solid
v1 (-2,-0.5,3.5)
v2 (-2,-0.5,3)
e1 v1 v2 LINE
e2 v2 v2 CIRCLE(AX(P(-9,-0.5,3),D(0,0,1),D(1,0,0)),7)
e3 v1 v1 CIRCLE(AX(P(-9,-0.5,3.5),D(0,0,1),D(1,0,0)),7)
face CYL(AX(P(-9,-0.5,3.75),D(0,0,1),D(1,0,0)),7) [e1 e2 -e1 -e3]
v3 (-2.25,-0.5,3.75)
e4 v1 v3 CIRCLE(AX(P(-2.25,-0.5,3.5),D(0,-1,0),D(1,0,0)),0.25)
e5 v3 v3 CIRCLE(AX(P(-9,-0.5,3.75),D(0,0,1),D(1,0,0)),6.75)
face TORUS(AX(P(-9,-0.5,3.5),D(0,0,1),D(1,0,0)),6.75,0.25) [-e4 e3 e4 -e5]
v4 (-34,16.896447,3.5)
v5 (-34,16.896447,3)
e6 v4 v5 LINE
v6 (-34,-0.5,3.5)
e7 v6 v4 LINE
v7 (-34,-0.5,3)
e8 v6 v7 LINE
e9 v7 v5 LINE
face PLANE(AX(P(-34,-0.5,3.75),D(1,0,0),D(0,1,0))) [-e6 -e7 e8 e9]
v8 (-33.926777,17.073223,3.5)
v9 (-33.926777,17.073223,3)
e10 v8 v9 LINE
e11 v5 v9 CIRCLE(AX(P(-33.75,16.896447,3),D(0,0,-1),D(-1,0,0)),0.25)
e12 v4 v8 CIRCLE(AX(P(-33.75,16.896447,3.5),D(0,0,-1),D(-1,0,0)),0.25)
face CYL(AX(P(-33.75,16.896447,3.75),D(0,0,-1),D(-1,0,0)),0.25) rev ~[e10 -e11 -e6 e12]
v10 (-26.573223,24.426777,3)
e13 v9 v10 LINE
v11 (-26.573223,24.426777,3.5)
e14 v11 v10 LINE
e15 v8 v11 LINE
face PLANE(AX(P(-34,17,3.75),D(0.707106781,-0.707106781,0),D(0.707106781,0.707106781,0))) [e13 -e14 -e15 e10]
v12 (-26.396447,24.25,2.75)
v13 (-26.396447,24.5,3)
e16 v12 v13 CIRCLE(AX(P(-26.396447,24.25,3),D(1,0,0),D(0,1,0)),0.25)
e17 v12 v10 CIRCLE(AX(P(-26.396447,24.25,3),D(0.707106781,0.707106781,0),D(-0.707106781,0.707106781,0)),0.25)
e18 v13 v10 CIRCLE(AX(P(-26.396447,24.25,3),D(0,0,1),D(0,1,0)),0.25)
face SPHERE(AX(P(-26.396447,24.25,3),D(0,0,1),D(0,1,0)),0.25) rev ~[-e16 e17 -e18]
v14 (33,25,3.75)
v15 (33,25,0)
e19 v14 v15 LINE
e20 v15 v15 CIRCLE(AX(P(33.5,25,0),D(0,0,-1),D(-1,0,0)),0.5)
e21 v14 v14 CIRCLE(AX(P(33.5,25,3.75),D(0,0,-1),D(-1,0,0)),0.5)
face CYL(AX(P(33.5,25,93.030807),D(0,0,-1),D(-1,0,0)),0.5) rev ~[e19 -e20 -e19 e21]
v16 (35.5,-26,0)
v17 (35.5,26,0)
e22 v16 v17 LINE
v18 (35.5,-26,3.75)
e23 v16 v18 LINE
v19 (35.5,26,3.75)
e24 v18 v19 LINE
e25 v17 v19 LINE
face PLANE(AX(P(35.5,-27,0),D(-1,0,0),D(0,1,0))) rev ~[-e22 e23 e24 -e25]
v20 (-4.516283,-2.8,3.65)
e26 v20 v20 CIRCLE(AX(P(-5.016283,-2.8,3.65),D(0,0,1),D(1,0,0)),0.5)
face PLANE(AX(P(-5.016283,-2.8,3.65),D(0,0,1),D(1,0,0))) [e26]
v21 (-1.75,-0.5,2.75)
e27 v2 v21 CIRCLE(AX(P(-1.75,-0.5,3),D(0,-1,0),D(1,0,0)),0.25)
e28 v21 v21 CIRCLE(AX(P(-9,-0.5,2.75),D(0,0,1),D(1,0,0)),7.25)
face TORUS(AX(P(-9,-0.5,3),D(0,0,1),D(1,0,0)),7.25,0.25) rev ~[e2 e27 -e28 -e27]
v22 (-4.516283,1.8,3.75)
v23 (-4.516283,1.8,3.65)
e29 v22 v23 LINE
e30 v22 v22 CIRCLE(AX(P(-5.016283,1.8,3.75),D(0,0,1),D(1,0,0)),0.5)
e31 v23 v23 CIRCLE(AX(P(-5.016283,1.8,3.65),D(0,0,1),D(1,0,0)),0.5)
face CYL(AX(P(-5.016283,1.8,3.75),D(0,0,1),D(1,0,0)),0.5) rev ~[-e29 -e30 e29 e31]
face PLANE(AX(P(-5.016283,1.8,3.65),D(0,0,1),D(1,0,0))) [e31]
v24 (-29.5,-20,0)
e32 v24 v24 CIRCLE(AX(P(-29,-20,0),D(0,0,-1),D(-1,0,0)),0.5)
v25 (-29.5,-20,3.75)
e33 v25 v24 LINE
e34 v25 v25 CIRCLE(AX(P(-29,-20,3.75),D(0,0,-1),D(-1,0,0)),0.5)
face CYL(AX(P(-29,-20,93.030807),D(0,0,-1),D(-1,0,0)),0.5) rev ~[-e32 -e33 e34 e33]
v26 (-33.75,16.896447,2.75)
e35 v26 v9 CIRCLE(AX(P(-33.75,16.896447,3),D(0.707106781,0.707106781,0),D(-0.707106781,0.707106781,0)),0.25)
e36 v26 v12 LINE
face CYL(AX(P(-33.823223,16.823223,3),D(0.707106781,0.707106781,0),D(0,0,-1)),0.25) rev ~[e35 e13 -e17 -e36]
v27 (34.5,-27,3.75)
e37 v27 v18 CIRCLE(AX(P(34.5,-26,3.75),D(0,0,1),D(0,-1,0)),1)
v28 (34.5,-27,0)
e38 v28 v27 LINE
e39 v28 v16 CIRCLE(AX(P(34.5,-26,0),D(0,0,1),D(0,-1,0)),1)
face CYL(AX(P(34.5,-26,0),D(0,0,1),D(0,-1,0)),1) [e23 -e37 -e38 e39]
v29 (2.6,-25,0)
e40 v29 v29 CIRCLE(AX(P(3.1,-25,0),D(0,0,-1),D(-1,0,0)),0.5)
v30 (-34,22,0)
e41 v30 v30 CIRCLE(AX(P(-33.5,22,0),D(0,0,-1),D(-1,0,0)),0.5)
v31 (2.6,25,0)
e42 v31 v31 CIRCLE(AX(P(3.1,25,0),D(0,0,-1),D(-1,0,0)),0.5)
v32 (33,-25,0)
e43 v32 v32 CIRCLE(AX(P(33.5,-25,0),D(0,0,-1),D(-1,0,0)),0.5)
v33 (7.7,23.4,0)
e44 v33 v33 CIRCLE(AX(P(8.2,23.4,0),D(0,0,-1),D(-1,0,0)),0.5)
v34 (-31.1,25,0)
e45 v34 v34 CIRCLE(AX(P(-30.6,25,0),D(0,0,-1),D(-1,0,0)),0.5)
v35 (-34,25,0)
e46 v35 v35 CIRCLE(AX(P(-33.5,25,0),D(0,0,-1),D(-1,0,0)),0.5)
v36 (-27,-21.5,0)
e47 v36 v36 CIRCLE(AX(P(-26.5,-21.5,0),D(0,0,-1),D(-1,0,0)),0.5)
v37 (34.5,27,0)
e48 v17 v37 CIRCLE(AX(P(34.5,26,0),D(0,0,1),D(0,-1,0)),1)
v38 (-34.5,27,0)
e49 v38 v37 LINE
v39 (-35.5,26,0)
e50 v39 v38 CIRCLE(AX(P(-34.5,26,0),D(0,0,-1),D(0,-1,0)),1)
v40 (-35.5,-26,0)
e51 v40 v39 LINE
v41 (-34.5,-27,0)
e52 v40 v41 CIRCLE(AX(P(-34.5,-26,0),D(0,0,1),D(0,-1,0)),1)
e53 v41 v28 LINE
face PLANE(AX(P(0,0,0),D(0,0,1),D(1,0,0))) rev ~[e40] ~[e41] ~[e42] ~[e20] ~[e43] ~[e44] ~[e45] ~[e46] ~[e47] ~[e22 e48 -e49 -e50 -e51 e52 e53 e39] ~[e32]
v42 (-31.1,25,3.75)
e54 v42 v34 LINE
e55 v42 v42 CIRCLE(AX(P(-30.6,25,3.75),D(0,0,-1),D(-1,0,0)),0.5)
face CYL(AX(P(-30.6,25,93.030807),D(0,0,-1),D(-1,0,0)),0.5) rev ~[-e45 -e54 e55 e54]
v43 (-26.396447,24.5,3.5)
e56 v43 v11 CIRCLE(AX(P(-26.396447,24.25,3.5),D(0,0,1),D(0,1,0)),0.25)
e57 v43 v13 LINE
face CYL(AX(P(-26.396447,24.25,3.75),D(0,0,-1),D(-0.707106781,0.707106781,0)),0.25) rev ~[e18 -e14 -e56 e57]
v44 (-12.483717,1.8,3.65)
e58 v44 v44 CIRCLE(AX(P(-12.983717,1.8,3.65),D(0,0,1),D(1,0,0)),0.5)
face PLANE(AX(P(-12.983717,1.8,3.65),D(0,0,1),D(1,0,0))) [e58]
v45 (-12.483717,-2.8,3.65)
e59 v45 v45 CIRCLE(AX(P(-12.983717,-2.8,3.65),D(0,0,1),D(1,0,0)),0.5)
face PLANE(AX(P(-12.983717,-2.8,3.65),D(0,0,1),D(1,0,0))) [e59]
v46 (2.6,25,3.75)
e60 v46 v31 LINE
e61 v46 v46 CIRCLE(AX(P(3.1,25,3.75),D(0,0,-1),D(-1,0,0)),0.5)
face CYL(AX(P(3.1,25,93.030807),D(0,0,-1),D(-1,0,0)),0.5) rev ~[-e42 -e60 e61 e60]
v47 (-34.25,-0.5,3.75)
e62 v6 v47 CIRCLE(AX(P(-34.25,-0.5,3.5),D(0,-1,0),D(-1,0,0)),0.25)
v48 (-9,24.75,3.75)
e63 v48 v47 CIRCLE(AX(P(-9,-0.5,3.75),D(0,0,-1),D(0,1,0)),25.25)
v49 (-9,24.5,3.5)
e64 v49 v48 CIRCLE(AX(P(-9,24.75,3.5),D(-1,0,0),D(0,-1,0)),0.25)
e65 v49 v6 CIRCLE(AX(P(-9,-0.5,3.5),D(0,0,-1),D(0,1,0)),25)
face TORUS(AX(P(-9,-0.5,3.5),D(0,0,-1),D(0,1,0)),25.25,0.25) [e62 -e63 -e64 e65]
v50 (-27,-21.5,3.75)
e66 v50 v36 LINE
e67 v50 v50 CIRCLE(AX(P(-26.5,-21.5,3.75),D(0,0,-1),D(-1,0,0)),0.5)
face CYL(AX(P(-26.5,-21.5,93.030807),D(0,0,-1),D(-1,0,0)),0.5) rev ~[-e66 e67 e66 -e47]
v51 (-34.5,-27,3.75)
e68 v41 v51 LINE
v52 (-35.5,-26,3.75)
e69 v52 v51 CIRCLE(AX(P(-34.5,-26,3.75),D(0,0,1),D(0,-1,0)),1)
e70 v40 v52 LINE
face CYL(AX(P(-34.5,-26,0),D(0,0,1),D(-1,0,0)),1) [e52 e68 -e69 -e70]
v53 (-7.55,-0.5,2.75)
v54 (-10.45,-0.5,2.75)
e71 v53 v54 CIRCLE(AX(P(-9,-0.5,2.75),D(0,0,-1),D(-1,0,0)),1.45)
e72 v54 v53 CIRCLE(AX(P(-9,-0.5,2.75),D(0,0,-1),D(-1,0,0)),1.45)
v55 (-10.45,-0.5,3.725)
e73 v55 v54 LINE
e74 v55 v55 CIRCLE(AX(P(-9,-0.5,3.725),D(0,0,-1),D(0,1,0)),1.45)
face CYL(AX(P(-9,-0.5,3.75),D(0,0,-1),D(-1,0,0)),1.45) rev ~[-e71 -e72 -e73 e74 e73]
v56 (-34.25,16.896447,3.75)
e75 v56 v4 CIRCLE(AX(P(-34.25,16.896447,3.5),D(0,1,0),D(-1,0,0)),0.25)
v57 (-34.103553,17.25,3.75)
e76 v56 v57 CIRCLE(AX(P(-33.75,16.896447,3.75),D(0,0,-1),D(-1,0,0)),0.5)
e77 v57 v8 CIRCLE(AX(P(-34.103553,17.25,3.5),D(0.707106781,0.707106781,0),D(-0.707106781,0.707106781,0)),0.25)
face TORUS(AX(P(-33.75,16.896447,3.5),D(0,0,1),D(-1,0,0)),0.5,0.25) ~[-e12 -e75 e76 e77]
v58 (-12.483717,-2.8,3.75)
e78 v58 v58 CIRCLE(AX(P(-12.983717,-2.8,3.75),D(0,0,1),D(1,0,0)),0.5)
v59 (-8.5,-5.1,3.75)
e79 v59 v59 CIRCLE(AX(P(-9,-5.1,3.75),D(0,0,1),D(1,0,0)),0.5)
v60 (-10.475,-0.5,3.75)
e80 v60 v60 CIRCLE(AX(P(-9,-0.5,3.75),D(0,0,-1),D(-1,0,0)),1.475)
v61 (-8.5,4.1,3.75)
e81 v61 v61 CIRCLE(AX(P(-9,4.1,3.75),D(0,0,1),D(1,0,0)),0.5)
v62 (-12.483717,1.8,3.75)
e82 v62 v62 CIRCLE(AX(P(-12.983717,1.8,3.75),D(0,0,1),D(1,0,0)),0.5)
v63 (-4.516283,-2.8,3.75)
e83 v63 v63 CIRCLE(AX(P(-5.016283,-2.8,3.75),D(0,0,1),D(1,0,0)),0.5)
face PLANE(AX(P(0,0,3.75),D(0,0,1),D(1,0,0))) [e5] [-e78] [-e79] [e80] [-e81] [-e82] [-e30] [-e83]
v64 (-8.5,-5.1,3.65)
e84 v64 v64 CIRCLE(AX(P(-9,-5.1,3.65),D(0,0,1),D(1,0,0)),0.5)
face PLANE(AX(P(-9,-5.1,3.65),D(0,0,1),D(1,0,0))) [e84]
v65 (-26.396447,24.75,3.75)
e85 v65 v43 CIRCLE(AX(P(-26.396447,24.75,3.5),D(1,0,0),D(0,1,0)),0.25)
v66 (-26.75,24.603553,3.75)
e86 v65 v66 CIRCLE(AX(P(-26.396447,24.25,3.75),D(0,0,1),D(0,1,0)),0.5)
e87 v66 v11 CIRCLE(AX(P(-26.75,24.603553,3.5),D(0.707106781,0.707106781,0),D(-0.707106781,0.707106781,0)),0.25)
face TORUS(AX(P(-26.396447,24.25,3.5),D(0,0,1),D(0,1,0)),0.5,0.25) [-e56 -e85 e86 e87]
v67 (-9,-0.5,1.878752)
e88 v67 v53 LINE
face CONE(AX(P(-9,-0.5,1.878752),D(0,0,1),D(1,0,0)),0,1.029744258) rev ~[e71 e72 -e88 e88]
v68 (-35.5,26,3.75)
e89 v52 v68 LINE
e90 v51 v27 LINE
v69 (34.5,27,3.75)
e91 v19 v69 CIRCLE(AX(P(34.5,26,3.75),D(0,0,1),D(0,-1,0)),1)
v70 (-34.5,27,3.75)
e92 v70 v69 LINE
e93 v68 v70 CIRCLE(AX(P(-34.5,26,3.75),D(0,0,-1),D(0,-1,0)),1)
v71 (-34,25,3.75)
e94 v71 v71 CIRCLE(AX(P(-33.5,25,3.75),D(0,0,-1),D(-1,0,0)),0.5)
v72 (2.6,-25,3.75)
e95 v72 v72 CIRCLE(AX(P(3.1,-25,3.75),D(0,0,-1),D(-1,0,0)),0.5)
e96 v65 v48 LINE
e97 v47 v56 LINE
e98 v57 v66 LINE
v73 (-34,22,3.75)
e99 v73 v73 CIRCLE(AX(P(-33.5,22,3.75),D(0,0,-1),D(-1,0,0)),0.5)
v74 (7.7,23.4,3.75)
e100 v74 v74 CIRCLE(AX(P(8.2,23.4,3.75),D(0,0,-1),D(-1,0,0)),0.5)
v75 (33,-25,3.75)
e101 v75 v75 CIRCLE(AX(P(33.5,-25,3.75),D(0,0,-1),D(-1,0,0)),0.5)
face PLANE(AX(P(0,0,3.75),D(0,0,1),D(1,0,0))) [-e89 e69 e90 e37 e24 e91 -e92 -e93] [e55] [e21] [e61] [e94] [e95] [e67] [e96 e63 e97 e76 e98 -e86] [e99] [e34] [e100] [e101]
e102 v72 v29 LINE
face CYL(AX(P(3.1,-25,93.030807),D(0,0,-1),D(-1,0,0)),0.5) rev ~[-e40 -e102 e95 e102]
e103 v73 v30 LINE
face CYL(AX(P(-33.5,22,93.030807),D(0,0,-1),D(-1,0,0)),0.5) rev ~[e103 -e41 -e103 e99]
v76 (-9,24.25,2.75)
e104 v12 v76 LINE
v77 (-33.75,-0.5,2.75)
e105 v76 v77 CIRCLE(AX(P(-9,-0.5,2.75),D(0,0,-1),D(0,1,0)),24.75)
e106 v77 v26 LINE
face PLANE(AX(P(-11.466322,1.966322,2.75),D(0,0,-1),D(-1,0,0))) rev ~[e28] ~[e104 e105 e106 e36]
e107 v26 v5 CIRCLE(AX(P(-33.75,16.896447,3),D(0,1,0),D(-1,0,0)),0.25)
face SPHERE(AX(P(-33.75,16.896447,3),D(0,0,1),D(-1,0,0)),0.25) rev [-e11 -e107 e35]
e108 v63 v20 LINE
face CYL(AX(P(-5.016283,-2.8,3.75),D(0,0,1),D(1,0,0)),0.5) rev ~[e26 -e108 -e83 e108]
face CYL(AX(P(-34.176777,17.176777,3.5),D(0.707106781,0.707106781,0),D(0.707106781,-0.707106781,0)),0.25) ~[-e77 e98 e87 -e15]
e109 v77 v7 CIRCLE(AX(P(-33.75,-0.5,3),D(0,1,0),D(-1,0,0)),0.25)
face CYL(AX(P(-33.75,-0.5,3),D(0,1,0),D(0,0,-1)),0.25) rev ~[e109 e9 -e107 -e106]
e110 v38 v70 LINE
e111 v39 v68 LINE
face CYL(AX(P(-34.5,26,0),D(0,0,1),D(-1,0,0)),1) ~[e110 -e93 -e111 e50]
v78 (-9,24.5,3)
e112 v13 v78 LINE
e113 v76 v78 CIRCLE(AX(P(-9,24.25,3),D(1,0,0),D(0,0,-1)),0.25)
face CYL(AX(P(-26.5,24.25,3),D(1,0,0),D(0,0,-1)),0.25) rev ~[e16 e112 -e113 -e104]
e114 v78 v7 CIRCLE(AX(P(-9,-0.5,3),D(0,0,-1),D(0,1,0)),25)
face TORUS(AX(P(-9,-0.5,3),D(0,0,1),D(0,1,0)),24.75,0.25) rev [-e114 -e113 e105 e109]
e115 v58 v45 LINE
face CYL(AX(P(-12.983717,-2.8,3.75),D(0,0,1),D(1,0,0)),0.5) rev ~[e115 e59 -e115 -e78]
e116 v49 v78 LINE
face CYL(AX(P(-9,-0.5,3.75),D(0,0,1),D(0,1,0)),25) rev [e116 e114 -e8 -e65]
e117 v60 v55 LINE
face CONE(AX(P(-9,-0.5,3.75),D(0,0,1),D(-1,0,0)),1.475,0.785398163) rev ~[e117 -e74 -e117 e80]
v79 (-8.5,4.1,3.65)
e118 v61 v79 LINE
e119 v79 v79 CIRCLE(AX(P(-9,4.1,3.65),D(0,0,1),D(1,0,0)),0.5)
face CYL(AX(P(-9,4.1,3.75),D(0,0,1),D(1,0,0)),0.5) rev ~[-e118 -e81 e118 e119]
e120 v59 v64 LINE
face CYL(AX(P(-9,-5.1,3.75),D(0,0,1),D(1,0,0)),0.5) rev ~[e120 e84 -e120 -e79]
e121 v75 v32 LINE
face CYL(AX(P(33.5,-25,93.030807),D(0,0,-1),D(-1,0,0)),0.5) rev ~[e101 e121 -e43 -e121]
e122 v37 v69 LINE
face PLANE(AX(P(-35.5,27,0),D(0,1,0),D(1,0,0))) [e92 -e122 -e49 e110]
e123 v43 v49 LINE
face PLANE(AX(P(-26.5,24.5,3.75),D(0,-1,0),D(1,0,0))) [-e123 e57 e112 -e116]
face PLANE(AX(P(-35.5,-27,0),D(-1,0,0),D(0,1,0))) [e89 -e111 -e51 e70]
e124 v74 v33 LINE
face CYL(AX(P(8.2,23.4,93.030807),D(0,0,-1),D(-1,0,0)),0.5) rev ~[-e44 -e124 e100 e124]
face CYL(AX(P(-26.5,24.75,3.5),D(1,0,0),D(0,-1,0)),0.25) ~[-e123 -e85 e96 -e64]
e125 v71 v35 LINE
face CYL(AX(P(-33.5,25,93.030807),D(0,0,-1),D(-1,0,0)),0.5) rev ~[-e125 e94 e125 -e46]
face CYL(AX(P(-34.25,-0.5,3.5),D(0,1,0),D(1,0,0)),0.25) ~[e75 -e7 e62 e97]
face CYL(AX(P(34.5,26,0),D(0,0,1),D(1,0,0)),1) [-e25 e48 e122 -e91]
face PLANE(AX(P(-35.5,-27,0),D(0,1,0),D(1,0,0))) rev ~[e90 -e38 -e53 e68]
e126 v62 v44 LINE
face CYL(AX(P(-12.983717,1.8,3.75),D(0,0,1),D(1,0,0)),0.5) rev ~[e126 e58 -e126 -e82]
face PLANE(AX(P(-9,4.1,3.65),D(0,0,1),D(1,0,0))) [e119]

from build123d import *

# Parameters (mm, degrees)
SKETCH1_W                        = 71
SKETCH1_H                        = 54
BOSS_EXTRUDE1_DEPTH              = 3.75
FILLET1_R                        = 1
SKETCH2_R                        = 7
CUT_EXTRUDE1_DEPTH               = 1
FILLET2_R                        = 0.25
SKETCH3_R                        = 0.5
CUT_EXTRUDE2_DEPTH               = 0.1
FILLET3_R                        = 0.25
M2_5_CLEARANCE_HOLE1_D           = 2.9
M2_5_CLEARANCE_HOLE1_DEPTH       = 1
M2_5_CLEARANCE_HOLE1_CSINK_D     = 2.95
M2_5_CLEARANCE_HOLE1_CSINK_ANGLE = 90
M2_5_CLEARANCE_HOLE1_TIP         = 0.871247898
M1_6_CLEARANCE_HOLE1_D           = 1


with BuildPart() as part:
    # Sketch1 → Boss-Extrude1 (new body)
    with BuildSketch(Plane.XY):
        Rectangle(SKETCH1_W, SKETCH1_H)
    extrude(amount=BOSS_EXTRUDE1_DEPTH)

    # Fillet1
    fillet1_edges = [part.edges().sort_by_distance(p)[0] for p in [
        (35.5, -27, 1.875),
        (-35.5, -27, 1.875),
        (-35.5, 27, 1.875),
        (35.5, 27, 1.875),
    ]]
    fillet(fillet1_edges, radius=FILLET1_R)

    # Sketch2 → Cut-Extrude1 (cut)
    with BuildSketch(Plane.XY.offset(3.75)):
        with BuildLine():
            Line((-34, -0.5), (-34, 17))
            Line((-34, 17), (-26.5, 24.5))
            Line((-26.5, 24.5), (-9, 24.5))
            ThreePointArc((-9, 24.5), (8.67766953, -18.17766953), (-34, -0.5))
        make_face()
        with Locations((-9, -0.5)):
            Circle(SKETCH2_R, mode=Mode.SUBTRACT)
    extrude(amount=-CUT_EXTRUDE1_DEPTH, mode=Mode.SUBTRACT)

    # Fillet2
    fillet2_edges = [part.edges().sort_by_distance(p)[0] for p in [
        (-16, -0.5, 3.75),
    ]]
    fillet(fillet2_edges, radius=FILLET2_R)

    # Sketch3 → Cut-Extrude2 (cut)
    with BuildSketch(Plane.XY.offset(3.75)):
        with Locations((-9, 4.1)):
            Circle(SKETCH3_R)
        with Locations((-12.983716857, 1.8)):
            Circle(SKETCH3_R)
        with Locations((-12.983716857, -2.8)):
            Circle(SKETCH3_R)
        with Locations((-9, -5.1)):
            Circle(SKETCH3_R)
        with Locations((-5.016283143, -2.8)):
            Circle(SKETCH3_R)
        with Locations((-5.016283143, 1.8)):
            Circle(SKETCH3_R)
    extrude(amount=-CUT_EXTRUDE2_DEPTH, mode=Mode.SUBTRACT)

    # Fillet3
    fillet3_edges = [part.edges().sort_by_distance(p)[0] for p in [
        (8.67766953, -18.17766953, 2.75),
        (-34, 8.25, 2.75),
        (-30.25, 20.75, 2.75),
        (-34, 17, 3.25),
        (-17.75, 24.5, 2.75),
        (-26.5, 24.5, 3.25),
        (-16, -0.5, 2.75),
        (8.67766953, -18.17766953, 3.75),
        (-17.75, 24.5, 3.75),
        (-30.25, 20.75, 3.75),
        (-34, 8.25, 3.75),
    ]]
    fillet(fillet3_edges, radius=FILLET3_R)

    # M2.5 Clearance Hole1
    with Locations(Plane.XY.offset(3.75)):
        with Locations((-9, -0.5)):
            CounterSinkHole(M2_5_CLEARANCE_HOLE1_D / 2, M2_5_CLEARANCE_HOLE1_CSINK_D / 2, depth=M2_5_CLEARANCE_HOLE1_DEPTH, counter_sink_angle=M2_5_CLEARANCE_HOLE1_CSINK_ANGLE)
            with Locations((0, 0, -(M2_5_CLEARANCE_HOLE1_DEPTH + M2_5_CLEARANCE_HOLE1_TIP / 2))):  # 118° drill point
                Cone(0, M2_5_CLEARANCE_HOLE1_D / 2, M2_5_CLEARANCE_HOLE1_TIP, mode=Mode.SUBTRACT)

    # M1.6 Clearance Hole1 (through all)
    with Locations(Plane.XY.offset(3.75)):
        with Locations((-169.780661566, 67.45785255), (-33.5, 22), (-30.6, 25), (3.1, 25), (33.5, 25), (8.2, 23.4), (33.5, -25), (3.1, -25), (-26.5, -21.5), (-29, -20), (-33.5, 25)):
            Hole(M1_6_CLEARANCE_HOLE1_D / 2)


solid = part.part
